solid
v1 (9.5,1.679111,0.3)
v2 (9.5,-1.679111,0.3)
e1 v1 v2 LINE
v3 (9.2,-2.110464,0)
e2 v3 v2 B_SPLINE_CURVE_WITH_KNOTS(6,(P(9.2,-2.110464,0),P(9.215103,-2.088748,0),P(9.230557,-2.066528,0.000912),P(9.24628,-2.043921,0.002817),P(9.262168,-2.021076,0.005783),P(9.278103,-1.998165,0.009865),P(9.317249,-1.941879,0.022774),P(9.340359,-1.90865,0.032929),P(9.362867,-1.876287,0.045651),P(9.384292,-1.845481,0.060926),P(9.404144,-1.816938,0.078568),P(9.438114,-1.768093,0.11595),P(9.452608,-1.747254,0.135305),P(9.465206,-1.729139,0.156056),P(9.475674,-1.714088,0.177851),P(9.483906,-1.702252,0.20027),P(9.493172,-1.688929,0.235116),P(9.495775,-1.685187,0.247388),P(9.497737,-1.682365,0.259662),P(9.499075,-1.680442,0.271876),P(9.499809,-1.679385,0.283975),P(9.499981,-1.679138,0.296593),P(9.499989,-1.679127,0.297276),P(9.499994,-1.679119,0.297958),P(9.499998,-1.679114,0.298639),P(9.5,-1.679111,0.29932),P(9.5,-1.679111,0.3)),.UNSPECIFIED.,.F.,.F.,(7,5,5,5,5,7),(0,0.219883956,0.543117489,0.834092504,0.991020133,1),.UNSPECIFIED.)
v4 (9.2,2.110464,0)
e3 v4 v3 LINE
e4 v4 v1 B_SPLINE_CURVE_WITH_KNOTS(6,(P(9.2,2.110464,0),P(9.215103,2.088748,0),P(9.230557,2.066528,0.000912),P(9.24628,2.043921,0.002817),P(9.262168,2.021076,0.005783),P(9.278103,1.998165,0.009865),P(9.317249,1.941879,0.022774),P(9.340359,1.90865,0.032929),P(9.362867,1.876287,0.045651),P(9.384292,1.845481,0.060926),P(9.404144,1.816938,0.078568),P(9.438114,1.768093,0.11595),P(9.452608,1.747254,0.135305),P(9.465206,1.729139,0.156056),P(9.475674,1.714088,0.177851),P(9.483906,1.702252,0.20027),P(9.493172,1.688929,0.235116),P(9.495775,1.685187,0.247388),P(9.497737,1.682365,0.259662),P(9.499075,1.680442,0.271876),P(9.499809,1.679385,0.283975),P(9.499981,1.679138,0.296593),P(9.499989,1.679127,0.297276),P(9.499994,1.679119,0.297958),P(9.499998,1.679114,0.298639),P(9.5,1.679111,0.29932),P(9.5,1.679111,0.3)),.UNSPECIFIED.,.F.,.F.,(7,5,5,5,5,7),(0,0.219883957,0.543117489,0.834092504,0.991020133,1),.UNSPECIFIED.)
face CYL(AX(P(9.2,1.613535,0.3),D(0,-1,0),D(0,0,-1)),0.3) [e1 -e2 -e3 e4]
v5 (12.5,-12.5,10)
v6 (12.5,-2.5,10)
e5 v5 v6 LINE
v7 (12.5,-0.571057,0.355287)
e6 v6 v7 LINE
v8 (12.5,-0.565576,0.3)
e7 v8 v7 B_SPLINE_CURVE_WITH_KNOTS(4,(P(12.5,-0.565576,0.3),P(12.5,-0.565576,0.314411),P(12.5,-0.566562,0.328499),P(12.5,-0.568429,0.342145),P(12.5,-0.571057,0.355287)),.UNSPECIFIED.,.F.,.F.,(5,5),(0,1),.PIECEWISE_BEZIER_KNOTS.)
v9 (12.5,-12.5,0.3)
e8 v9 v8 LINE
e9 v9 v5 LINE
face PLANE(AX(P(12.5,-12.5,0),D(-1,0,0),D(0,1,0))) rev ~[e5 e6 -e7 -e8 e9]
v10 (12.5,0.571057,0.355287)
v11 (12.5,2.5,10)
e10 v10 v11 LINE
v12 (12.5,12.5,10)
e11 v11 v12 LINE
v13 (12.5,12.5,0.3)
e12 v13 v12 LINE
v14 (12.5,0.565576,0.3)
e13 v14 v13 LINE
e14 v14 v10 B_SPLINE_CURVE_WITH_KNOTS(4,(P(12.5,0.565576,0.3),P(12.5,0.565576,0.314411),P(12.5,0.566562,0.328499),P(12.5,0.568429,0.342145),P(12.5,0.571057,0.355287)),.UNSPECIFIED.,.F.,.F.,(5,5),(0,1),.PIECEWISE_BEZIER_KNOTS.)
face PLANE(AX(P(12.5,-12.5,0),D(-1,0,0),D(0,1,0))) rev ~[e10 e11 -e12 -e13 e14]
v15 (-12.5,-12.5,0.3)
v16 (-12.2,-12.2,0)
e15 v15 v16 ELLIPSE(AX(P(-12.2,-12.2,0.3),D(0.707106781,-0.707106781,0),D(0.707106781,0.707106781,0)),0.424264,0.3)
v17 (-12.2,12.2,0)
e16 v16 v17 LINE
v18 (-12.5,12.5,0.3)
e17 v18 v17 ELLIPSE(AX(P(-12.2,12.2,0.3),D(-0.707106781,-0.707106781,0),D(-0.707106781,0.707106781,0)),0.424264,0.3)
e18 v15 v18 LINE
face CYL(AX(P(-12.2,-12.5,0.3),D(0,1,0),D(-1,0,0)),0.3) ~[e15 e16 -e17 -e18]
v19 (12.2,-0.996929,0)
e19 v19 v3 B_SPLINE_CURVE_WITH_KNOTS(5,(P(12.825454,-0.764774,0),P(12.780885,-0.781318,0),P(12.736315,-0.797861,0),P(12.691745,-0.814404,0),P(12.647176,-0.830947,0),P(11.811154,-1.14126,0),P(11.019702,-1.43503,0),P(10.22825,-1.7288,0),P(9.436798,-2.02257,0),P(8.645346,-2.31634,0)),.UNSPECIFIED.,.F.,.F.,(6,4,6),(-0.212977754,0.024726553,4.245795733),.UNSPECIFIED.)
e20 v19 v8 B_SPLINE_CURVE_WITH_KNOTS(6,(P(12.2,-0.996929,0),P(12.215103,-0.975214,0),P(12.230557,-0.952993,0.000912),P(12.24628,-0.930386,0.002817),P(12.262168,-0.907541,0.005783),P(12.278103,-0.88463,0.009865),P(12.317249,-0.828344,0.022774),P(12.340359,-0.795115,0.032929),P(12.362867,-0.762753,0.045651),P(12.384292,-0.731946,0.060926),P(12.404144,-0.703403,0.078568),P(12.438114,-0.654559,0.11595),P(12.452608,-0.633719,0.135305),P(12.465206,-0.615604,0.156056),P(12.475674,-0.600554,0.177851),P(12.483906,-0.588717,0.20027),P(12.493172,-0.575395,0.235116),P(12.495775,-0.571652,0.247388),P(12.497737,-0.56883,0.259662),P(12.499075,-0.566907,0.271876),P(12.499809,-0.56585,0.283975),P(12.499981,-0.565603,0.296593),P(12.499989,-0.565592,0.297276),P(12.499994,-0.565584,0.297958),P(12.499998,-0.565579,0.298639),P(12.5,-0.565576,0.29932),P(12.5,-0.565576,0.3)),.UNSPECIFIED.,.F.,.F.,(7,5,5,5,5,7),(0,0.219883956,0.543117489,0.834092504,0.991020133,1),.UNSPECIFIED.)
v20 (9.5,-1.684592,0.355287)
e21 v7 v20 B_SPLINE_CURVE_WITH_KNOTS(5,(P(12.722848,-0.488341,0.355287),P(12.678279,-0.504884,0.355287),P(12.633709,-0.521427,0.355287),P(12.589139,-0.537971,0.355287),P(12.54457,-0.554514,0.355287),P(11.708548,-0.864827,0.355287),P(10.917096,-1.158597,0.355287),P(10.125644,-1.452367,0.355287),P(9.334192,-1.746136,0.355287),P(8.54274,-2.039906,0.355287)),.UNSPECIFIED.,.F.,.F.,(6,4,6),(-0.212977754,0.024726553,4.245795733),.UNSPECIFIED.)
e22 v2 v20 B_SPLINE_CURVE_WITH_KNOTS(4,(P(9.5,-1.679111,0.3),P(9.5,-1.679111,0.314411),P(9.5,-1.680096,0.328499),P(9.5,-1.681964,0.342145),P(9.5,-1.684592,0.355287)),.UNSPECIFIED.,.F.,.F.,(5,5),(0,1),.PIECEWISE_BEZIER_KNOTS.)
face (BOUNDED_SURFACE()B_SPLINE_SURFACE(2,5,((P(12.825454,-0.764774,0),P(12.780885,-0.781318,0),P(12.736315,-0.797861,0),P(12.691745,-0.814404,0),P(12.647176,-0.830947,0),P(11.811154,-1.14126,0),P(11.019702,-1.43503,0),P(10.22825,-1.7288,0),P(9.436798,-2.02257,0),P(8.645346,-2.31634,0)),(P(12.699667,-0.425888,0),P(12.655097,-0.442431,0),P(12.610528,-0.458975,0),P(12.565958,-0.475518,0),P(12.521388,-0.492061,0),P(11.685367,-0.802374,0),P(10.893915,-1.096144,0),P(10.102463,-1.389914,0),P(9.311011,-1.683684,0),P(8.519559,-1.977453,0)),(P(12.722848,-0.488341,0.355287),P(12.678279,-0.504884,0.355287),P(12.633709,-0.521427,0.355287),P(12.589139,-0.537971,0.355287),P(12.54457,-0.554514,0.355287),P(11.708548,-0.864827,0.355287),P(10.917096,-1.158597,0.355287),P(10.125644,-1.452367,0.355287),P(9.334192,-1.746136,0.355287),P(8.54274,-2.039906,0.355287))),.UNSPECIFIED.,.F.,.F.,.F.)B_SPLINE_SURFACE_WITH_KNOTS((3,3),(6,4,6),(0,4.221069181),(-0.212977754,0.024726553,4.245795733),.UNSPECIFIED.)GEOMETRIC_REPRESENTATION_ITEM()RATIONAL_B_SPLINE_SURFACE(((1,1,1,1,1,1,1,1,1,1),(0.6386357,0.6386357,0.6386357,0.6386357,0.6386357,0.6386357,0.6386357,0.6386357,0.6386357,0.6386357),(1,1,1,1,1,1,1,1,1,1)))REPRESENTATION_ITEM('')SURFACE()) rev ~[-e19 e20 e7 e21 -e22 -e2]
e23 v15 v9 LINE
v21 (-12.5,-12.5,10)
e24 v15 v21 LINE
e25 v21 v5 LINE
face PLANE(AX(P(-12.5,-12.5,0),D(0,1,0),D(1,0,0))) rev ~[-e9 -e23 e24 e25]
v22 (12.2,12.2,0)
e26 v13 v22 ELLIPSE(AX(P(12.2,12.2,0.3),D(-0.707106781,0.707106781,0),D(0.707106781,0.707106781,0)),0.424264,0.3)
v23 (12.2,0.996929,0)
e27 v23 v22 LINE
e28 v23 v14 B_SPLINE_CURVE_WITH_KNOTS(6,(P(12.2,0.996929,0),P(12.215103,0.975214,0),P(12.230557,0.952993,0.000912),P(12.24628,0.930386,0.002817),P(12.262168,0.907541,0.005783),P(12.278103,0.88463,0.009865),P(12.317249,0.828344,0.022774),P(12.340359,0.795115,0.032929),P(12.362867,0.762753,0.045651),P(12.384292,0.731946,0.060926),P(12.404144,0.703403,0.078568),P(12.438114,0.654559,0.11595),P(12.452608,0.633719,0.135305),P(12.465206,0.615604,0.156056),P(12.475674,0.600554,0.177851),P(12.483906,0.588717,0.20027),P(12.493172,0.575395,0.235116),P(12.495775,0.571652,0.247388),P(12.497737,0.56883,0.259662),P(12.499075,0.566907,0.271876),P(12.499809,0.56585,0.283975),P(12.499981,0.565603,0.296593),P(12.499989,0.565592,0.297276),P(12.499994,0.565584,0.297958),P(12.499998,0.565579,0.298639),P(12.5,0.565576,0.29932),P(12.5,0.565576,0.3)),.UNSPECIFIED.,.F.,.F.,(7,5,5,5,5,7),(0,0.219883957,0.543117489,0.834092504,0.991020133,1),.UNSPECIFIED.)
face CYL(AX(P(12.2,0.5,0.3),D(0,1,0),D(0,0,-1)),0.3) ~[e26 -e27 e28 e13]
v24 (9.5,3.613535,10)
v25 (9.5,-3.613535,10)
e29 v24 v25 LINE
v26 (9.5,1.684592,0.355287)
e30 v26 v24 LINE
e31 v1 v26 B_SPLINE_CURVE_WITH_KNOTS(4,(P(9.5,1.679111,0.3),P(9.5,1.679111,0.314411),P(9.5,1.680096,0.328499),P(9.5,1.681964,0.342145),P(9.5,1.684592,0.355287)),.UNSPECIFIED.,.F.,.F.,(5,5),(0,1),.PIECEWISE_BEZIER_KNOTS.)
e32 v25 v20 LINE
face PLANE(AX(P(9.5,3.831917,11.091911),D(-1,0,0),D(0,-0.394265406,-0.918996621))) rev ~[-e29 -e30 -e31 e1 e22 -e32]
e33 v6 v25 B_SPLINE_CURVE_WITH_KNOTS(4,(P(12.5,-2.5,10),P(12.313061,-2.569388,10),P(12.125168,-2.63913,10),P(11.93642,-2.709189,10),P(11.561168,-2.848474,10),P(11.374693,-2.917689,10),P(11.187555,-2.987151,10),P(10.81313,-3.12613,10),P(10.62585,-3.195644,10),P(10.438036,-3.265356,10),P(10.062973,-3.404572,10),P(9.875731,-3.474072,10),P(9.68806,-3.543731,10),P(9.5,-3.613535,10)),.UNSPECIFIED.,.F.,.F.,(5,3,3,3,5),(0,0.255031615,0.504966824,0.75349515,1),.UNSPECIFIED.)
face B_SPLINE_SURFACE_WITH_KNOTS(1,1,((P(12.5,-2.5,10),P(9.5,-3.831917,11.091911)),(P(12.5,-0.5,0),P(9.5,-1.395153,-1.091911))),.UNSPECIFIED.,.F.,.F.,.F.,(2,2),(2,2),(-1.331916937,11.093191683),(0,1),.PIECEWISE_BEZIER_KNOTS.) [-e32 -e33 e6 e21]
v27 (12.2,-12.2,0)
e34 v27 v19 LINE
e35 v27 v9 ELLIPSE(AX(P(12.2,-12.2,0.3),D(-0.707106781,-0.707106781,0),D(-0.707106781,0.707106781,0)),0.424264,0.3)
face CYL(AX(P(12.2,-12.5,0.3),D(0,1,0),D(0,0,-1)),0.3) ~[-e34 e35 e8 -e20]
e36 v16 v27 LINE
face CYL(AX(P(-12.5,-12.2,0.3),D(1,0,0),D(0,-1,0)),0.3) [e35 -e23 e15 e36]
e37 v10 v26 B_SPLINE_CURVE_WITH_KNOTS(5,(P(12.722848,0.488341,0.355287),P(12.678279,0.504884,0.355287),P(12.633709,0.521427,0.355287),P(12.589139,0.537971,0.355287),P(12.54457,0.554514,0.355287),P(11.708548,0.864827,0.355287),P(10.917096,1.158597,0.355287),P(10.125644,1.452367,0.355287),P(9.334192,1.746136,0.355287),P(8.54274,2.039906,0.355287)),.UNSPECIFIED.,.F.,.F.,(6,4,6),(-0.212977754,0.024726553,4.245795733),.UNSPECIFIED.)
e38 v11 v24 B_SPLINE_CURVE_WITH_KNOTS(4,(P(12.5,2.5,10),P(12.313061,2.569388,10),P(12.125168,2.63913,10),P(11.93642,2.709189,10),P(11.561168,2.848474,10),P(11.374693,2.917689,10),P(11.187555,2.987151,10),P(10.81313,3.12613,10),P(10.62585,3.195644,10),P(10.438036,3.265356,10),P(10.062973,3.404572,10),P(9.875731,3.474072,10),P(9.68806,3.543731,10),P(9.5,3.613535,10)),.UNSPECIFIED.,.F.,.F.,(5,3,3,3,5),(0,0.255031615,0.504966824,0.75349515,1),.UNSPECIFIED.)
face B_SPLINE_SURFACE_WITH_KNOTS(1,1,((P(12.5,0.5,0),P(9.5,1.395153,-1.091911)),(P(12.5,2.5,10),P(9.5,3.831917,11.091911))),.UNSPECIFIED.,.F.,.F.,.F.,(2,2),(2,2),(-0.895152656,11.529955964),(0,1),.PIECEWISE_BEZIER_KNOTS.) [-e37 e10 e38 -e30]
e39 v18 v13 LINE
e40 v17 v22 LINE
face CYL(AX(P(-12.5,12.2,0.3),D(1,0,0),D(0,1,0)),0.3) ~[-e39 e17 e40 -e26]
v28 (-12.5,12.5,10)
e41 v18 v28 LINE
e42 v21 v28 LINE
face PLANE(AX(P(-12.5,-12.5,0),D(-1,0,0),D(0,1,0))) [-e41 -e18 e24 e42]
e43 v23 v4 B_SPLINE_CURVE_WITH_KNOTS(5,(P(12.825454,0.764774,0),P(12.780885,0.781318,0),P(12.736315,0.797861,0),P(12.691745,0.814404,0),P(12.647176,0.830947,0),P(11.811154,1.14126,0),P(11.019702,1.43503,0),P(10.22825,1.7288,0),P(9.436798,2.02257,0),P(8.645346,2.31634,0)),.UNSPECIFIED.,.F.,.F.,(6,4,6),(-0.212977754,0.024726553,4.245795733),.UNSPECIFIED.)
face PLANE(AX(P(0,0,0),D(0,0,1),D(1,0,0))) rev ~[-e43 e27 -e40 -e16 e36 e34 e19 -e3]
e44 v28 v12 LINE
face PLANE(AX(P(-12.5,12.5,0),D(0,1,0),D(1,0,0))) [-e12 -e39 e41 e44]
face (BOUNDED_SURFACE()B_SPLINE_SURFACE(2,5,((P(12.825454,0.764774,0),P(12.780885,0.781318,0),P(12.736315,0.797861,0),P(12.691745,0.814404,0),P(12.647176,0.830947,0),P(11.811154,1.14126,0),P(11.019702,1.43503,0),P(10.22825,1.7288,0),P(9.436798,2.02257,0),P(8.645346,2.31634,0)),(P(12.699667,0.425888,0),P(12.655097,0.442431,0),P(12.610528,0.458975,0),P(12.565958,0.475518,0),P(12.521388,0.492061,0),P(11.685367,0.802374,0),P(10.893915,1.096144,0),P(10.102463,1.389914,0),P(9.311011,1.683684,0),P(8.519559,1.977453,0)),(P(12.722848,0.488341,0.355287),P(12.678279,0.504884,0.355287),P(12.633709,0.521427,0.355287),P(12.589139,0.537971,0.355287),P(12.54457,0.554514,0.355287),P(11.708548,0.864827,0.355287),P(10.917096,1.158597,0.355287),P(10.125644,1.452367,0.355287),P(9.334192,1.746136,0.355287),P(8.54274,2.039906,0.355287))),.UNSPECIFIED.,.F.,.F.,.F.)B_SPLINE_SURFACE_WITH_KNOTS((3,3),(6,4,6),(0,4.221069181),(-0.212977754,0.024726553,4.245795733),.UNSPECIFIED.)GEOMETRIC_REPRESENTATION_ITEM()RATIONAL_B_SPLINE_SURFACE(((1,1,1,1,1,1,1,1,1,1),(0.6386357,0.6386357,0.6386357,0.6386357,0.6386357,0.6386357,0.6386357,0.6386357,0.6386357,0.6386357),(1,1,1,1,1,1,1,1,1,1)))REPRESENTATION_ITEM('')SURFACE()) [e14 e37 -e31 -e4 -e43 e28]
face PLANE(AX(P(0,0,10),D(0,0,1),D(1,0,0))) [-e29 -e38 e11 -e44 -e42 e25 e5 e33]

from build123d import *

# Parameters (mm, degrees)
F0_W     = 25
F0_H     = 25
F1_DEPTH = 10
F3_DEPTH = 3
F3_TAPER = -20
F4_R     = 0.3


with BuildPart() as f1:
    # F0 (on Top) → F1 (new body)
    with BuildSketch(Plane.XY):
        Rectangle(F0_W, F0_H)
    extrude(amount=F1_DEPTH)

    # F2 (on face) → F3 (cut)
    with BuildSketch(Plane.YZ.offset(12.5)):
        Polygon((2.5, 10), (-2.5, 10), (-0.5, 0), (0.5, 0), align=None)
    extrude(amount=-F3_DEPTH, taper=F3_TAPER, mode=Mode.SUBTRACT)

    # F4
    f4_edges = [f1.edges().sort_by_distance(p)[0] for p in [
        (-12.5, 0, 0),
        (0, 12.5, 0),
        (12.5, 6.5, 0),
        (11, 1.056767, 0),
        (9.5, 0, 0),
        (11, -1.056767, 0),
        (12.5, -6.5, 0),
        (0, -12.5, 0),
    ]]
    fillet(f4_edges, radius=F4_R)


solid = f1.part
